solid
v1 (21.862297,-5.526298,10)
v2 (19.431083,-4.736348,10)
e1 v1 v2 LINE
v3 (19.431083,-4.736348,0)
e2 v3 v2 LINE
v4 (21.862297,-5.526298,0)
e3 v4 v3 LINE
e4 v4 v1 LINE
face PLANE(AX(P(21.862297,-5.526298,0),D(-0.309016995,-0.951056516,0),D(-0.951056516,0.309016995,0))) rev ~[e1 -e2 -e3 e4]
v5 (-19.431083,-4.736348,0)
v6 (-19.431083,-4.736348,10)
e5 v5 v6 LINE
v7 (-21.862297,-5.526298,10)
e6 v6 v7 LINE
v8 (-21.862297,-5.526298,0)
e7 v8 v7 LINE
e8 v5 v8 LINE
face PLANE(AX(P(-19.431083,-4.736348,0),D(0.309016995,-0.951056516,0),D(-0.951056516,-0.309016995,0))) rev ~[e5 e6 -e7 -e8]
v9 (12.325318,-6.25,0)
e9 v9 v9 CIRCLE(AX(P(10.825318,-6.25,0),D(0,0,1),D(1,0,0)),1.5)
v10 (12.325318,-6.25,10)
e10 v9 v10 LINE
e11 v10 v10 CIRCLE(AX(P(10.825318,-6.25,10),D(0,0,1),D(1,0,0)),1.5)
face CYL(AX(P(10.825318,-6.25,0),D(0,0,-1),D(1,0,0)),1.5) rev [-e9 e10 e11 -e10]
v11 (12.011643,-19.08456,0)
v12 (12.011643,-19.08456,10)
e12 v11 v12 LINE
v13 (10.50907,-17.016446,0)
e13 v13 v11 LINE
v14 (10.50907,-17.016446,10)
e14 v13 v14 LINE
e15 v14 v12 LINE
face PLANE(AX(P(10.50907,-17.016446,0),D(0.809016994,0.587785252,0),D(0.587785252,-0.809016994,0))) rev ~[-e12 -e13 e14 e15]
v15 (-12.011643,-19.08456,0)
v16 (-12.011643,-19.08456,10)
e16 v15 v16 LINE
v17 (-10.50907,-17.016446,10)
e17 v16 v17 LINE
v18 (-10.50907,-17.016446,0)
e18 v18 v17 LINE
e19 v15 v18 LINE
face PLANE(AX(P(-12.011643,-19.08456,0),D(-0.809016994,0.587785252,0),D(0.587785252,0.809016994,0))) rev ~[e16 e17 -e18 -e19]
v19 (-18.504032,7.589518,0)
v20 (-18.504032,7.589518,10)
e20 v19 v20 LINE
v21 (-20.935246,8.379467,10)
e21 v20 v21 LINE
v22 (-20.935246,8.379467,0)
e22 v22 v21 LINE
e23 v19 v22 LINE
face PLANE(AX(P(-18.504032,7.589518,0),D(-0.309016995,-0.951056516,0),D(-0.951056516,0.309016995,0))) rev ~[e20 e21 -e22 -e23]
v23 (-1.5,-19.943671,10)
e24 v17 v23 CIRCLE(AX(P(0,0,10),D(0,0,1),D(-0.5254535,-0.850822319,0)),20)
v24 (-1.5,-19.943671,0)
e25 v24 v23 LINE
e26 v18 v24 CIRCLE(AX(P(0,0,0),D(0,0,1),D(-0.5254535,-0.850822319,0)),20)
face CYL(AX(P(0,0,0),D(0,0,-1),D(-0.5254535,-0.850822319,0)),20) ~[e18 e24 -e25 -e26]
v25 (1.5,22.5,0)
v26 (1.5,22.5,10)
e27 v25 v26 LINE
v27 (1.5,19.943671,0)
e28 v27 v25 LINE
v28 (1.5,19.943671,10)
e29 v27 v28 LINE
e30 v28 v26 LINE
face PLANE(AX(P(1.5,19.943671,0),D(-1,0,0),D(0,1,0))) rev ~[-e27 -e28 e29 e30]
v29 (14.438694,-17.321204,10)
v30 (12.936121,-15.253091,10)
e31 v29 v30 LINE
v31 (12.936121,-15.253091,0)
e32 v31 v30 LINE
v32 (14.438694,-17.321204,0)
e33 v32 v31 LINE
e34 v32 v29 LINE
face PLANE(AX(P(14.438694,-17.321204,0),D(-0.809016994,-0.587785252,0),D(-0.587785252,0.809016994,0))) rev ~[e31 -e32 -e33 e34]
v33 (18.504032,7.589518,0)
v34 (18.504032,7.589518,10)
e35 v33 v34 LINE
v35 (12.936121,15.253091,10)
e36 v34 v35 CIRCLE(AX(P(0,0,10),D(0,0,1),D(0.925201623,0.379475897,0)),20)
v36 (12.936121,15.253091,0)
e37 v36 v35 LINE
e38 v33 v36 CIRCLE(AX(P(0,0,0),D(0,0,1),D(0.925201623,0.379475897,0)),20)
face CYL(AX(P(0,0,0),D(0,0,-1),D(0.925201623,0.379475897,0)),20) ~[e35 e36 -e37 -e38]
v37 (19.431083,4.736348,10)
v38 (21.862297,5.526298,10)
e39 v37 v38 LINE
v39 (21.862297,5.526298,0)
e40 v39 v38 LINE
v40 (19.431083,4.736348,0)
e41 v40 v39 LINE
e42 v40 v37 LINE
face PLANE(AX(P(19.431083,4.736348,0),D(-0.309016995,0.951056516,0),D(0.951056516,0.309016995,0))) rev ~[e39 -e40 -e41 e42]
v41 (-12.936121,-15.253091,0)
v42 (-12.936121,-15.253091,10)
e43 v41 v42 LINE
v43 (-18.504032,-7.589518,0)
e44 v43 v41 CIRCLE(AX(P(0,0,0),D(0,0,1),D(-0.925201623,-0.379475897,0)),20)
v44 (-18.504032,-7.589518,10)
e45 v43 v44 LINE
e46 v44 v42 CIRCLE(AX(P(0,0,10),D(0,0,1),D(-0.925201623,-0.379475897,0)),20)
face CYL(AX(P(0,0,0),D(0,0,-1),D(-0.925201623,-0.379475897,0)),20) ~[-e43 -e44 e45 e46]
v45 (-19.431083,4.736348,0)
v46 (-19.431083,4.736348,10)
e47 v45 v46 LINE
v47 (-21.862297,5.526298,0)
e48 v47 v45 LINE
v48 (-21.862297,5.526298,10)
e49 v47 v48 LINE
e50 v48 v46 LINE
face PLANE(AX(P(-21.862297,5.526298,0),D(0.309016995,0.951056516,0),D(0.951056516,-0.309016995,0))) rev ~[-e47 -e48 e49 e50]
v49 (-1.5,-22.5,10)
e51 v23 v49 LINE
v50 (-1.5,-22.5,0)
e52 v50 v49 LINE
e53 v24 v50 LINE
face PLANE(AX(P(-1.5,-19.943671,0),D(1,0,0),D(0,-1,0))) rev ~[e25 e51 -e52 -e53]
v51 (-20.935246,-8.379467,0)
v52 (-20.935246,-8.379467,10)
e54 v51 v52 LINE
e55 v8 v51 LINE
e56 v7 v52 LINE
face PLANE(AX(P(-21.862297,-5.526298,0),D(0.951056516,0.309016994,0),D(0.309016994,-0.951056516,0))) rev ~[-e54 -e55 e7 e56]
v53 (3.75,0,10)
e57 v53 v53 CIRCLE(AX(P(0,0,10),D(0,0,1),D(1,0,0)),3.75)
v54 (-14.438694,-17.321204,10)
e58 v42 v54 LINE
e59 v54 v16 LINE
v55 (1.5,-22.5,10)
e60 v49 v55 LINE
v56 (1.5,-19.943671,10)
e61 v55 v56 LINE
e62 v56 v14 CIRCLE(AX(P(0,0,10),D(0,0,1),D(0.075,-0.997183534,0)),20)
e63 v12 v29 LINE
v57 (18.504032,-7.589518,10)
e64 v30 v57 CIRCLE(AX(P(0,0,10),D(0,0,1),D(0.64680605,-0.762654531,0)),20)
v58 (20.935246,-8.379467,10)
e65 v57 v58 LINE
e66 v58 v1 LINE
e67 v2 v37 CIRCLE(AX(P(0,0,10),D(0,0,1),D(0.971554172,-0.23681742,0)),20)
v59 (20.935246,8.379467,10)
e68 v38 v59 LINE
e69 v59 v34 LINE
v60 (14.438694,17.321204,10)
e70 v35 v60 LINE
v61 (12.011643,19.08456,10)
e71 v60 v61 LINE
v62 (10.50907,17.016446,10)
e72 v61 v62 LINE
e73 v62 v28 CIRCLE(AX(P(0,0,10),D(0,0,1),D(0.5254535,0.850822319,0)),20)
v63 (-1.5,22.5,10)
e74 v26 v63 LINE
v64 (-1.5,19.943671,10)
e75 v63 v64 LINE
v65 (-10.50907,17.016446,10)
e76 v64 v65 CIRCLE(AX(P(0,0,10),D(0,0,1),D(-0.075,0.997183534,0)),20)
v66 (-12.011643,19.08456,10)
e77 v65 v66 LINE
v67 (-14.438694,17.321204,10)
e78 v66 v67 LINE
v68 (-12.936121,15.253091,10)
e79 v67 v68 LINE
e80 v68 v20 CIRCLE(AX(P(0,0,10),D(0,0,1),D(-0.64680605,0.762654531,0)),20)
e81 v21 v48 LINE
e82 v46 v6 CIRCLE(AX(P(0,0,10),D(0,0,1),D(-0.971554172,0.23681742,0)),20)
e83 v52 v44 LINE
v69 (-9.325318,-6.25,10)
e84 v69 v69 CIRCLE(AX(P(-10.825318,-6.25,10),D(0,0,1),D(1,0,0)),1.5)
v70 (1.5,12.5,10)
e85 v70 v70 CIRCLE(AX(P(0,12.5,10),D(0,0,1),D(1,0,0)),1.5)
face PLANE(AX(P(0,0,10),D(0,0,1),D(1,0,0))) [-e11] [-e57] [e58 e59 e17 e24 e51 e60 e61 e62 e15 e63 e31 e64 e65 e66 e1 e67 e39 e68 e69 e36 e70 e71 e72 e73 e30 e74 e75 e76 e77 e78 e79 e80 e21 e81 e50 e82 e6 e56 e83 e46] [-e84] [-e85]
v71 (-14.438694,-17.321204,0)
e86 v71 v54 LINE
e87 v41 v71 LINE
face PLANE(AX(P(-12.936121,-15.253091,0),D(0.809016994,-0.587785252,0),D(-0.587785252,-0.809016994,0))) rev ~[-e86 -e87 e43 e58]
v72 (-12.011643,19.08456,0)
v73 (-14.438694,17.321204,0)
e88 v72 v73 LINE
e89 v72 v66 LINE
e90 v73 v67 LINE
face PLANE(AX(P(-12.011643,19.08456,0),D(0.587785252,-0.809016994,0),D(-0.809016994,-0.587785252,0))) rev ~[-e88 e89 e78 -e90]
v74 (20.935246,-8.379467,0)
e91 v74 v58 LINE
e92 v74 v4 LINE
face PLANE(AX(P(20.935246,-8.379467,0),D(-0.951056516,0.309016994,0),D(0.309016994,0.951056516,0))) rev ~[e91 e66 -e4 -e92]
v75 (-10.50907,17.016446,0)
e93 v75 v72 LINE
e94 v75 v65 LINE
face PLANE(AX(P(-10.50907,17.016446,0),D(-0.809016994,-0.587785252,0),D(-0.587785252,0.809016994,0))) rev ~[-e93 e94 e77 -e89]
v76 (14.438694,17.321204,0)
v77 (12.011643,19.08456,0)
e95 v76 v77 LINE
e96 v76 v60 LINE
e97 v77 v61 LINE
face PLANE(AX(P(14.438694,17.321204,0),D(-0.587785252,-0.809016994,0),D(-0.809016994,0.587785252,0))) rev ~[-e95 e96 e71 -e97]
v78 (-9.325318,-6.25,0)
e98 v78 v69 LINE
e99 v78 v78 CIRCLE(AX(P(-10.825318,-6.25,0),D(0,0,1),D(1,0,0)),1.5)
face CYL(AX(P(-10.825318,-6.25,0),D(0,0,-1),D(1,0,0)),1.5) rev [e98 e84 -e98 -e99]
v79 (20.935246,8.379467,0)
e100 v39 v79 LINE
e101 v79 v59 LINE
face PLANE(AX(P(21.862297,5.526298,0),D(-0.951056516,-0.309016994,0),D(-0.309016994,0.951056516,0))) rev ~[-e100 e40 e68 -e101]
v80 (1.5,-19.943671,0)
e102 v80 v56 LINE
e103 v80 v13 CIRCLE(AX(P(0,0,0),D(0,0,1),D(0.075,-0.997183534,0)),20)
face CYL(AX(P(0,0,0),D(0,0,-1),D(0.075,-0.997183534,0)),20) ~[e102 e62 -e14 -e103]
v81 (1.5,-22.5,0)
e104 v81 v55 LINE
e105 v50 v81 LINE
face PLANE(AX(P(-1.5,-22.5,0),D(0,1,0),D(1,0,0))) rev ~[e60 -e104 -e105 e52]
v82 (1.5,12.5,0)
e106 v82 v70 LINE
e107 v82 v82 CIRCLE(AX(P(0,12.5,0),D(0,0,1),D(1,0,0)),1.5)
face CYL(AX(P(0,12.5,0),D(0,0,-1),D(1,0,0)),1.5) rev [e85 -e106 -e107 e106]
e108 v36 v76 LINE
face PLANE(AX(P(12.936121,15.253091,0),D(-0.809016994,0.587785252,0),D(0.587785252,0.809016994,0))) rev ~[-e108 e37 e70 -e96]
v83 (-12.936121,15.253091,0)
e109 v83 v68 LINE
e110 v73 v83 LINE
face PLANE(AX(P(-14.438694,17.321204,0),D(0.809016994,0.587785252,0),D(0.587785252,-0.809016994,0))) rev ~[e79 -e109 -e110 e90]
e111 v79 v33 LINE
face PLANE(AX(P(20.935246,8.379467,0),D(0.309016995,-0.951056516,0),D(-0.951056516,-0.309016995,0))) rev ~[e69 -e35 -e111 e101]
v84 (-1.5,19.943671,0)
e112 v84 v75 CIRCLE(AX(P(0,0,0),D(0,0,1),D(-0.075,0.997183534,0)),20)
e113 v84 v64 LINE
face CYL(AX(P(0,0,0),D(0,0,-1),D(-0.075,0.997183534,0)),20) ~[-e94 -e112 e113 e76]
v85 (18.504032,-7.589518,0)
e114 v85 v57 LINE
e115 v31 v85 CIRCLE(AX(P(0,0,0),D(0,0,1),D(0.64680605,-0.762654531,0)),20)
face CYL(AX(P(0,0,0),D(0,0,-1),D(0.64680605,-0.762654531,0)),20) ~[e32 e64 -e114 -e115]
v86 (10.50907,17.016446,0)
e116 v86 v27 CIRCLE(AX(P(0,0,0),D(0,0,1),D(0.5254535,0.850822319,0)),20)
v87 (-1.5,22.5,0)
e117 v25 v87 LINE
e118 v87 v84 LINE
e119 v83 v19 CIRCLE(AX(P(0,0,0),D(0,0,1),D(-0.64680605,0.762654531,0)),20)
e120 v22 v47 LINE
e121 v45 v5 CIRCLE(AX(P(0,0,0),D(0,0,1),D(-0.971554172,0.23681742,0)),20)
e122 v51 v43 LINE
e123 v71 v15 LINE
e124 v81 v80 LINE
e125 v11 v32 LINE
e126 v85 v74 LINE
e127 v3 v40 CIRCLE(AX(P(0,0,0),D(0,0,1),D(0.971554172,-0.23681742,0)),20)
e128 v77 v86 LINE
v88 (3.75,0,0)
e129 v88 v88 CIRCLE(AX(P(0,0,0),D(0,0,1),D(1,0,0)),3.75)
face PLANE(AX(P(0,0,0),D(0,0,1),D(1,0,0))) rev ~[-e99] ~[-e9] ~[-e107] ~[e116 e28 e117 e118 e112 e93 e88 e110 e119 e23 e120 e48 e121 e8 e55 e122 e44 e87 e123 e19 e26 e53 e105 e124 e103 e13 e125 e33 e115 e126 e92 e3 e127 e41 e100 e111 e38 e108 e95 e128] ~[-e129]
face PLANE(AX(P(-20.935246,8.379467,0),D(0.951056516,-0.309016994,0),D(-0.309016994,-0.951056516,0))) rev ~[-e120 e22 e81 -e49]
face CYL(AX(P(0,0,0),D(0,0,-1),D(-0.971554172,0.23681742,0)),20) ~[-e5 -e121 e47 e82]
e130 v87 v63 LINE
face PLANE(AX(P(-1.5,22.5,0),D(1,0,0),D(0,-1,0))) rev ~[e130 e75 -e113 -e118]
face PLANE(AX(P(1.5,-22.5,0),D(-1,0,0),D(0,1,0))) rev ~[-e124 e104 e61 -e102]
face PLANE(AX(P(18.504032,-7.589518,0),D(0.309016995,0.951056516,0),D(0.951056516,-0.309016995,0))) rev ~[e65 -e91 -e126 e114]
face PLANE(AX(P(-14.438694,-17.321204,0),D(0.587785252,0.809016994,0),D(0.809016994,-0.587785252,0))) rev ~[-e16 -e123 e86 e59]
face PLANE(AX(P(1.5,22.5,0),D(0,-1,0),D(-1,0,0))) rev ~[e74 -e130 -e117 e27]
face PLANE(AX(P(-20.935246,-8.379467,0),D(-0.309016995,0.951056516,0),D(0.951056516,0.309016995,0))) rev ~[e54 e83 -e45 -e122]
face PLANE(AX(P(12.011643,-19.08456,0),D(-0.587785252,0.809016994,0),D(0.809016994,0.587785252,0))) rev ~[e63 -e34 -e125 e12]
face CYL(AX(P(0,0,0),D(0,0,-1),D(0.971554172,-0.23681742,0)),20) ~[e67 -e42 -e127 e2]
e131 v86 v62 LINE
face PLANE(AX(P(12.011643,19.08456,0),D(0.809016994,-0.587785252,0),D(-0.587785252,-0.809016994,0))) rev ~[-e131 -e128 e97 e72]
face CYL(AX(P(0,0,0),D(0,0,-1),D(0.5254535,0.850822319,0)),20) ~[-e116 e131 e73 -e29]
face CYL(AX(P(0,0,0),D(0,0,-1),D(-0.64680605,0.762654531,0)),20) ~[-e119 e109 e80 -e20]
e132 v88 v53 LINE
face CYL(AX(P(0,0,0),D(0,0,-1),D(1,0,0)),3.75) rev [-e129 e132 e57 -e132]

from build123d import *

# Parameters (mm, degrees)
SKETCH_1_R          = 1.5
EXTRUDE_1_DEPTH     = 10
SKETCH_2_R          = 3.75
CUT_EXTRUDE_1_DEPTH = 10


with BuildPart() as part:
    # 草图1 → 凸台-拉伸1 (new body)
    with BuildSketch(Plane.XY):
        with BuildLine():
            Line((1.5, 19.943670675), (1.5, 22.5))
            Line((1.5, 22.5), (-1.5, 22.5))
            Line((-1.5, 22.5), (-1.5, 19.943670675))
            ThreePointArc((-1.5, 19.943670675), (-6.180339887, 19.021130326), (-10.509070008, 17.016446385))
            Line((-10.509070008, 17.016446385), (-12.011642685, 19.084560252))
            Line((-12.011642685, 19.084560252), (-14.438693668, 17.321204495))
            Line((-14.438693668, 17.321204495), (-12.936120991, 15.253090628))
            ThreePointArc((-12.936120991, 15.253090628), (-16.180339887, 11.755705046), (-18.504032463, 7.589517943))
            Line((-18.504032463, 7.589517943), (-20.935246125, 8.379467148))
            Line((-20.935246125, 8.379467148), (-21.862297108, 5.526297599))
            Line((-21.862297108, 5.526297599), (-19.431083446, 4.736348394))
            ThreePointArc((-19.431083446, 4.736348394), (-20, 0), (-19.431083446, -4.736348394))
            Line((-19.431083446, -4.736348394), (-21.862297108, -5.526297599))
            Line((-21.862297108, -5.526297599), (-20.935246125, -8.379467148))
            Line((-20.935246125, -8.379467148), (-18.504032463, -7.589517943))
            ThreePointArc((-18.504032463, -7.589517943), (-16.180339887, -11.755705046), (-12.936120991, -15.253090628))
            Line((-12.936120991, -15.253090628), (-14.438693668, -17.321204495))
            Line((-14.438693668, -17.321204495), (-12.011642685, -19.084560252))
            Line((-12.011642685, -19.084560252), (-10.509070008, -17.016446385))
            ThreePointArc((-10.509070008, -17.016446385), (-6.180339887, -19.021130326), (-1.5, -19.943670675))
            Line((-1.5, -19.943670675), (-1.5, -22.5))
            Line((-1.5, -22.5), (1.5, -22.5))
            Line((1.5, -22.5), (1.5, -19.943670675))
            ThreePointArc((1.5, -19.943670675), (6.180339887, -19.021130326), (10.509070008, -17.016446385))
            Line((10.509070008, -17.016446385), (12.011642685, -19.084560252))
            Line((12.011642685, -19.084560252), (14.438693668, -17.321204495))
            Line((14.438693668, -17.321204495), (12.936120991, -15.253090628))
            ThreePointArc((12.936120991, -15.253090628), (16.180339887, -11.755705046), (18.504032463, -7.589517943))
            Line((18.504032463, -7.589517943), (20.935246125, -8.379467148))
            Line((20.935246125, -8.379467148), (21.862297108, -5.526297599))
            Line((21.862297108, -5.526297599), (19.431083446, -4.736348394))
            ThreePointArc((19.431083446, -4.736348394), (20, 0), (19.431083446, 4.736348394))
            Line((19.431083446, 4.736348394), (21.862297108, 5.526297599))
            Line((21.862297108, 5.526297599), (20.935246125, 8.379467148))
            Line((20.935246125, 8.379467148), (18.504032463, 7.589517943))
            ThreePointArc((18.504032463, 7.589517943), (16.180339887, 11.755705046), (12.936120991, 15.253090628))
            Line((12.936120991, 15.253090628), (14.438693668, 17.321204495))
            Line((14.438693668, 17.321204495), (12.011642685, 19.084560252))
            Line((12.011642685, 19.084560252), (10.509070008, 17.016446385))
            ThreePointArc((10.509070008, 17.016446385), (6.180339887, 19.021130326), (1.5, 19.943670675))
        make_face()
        with Locations((0, 12.5)):
            Circle(SKETCH_1_R, mode=Mode.SUBTRACT)
        with Locations((10.825317547, -6.25)):
            Circle(SKETCH_1_R, mode=Mode.SUBTRACT)
        with Locations((-10.825317547, -6.25)):
            Circle(SKETCH_1_R, mode=Mode.SUBTRACT)
    extrude(amount=EXTRUDE_1_DEPTH)

    # 草图2 → 切除-拉伸1 (cut)
    with BuildSketch(Plane.XY):
        Circle(SKETCH_2_R)
    extrude(amount=CUT_EXTRUDE_1_DEPTH, mode=Mode.SUBTRACT)


solid = part.part
